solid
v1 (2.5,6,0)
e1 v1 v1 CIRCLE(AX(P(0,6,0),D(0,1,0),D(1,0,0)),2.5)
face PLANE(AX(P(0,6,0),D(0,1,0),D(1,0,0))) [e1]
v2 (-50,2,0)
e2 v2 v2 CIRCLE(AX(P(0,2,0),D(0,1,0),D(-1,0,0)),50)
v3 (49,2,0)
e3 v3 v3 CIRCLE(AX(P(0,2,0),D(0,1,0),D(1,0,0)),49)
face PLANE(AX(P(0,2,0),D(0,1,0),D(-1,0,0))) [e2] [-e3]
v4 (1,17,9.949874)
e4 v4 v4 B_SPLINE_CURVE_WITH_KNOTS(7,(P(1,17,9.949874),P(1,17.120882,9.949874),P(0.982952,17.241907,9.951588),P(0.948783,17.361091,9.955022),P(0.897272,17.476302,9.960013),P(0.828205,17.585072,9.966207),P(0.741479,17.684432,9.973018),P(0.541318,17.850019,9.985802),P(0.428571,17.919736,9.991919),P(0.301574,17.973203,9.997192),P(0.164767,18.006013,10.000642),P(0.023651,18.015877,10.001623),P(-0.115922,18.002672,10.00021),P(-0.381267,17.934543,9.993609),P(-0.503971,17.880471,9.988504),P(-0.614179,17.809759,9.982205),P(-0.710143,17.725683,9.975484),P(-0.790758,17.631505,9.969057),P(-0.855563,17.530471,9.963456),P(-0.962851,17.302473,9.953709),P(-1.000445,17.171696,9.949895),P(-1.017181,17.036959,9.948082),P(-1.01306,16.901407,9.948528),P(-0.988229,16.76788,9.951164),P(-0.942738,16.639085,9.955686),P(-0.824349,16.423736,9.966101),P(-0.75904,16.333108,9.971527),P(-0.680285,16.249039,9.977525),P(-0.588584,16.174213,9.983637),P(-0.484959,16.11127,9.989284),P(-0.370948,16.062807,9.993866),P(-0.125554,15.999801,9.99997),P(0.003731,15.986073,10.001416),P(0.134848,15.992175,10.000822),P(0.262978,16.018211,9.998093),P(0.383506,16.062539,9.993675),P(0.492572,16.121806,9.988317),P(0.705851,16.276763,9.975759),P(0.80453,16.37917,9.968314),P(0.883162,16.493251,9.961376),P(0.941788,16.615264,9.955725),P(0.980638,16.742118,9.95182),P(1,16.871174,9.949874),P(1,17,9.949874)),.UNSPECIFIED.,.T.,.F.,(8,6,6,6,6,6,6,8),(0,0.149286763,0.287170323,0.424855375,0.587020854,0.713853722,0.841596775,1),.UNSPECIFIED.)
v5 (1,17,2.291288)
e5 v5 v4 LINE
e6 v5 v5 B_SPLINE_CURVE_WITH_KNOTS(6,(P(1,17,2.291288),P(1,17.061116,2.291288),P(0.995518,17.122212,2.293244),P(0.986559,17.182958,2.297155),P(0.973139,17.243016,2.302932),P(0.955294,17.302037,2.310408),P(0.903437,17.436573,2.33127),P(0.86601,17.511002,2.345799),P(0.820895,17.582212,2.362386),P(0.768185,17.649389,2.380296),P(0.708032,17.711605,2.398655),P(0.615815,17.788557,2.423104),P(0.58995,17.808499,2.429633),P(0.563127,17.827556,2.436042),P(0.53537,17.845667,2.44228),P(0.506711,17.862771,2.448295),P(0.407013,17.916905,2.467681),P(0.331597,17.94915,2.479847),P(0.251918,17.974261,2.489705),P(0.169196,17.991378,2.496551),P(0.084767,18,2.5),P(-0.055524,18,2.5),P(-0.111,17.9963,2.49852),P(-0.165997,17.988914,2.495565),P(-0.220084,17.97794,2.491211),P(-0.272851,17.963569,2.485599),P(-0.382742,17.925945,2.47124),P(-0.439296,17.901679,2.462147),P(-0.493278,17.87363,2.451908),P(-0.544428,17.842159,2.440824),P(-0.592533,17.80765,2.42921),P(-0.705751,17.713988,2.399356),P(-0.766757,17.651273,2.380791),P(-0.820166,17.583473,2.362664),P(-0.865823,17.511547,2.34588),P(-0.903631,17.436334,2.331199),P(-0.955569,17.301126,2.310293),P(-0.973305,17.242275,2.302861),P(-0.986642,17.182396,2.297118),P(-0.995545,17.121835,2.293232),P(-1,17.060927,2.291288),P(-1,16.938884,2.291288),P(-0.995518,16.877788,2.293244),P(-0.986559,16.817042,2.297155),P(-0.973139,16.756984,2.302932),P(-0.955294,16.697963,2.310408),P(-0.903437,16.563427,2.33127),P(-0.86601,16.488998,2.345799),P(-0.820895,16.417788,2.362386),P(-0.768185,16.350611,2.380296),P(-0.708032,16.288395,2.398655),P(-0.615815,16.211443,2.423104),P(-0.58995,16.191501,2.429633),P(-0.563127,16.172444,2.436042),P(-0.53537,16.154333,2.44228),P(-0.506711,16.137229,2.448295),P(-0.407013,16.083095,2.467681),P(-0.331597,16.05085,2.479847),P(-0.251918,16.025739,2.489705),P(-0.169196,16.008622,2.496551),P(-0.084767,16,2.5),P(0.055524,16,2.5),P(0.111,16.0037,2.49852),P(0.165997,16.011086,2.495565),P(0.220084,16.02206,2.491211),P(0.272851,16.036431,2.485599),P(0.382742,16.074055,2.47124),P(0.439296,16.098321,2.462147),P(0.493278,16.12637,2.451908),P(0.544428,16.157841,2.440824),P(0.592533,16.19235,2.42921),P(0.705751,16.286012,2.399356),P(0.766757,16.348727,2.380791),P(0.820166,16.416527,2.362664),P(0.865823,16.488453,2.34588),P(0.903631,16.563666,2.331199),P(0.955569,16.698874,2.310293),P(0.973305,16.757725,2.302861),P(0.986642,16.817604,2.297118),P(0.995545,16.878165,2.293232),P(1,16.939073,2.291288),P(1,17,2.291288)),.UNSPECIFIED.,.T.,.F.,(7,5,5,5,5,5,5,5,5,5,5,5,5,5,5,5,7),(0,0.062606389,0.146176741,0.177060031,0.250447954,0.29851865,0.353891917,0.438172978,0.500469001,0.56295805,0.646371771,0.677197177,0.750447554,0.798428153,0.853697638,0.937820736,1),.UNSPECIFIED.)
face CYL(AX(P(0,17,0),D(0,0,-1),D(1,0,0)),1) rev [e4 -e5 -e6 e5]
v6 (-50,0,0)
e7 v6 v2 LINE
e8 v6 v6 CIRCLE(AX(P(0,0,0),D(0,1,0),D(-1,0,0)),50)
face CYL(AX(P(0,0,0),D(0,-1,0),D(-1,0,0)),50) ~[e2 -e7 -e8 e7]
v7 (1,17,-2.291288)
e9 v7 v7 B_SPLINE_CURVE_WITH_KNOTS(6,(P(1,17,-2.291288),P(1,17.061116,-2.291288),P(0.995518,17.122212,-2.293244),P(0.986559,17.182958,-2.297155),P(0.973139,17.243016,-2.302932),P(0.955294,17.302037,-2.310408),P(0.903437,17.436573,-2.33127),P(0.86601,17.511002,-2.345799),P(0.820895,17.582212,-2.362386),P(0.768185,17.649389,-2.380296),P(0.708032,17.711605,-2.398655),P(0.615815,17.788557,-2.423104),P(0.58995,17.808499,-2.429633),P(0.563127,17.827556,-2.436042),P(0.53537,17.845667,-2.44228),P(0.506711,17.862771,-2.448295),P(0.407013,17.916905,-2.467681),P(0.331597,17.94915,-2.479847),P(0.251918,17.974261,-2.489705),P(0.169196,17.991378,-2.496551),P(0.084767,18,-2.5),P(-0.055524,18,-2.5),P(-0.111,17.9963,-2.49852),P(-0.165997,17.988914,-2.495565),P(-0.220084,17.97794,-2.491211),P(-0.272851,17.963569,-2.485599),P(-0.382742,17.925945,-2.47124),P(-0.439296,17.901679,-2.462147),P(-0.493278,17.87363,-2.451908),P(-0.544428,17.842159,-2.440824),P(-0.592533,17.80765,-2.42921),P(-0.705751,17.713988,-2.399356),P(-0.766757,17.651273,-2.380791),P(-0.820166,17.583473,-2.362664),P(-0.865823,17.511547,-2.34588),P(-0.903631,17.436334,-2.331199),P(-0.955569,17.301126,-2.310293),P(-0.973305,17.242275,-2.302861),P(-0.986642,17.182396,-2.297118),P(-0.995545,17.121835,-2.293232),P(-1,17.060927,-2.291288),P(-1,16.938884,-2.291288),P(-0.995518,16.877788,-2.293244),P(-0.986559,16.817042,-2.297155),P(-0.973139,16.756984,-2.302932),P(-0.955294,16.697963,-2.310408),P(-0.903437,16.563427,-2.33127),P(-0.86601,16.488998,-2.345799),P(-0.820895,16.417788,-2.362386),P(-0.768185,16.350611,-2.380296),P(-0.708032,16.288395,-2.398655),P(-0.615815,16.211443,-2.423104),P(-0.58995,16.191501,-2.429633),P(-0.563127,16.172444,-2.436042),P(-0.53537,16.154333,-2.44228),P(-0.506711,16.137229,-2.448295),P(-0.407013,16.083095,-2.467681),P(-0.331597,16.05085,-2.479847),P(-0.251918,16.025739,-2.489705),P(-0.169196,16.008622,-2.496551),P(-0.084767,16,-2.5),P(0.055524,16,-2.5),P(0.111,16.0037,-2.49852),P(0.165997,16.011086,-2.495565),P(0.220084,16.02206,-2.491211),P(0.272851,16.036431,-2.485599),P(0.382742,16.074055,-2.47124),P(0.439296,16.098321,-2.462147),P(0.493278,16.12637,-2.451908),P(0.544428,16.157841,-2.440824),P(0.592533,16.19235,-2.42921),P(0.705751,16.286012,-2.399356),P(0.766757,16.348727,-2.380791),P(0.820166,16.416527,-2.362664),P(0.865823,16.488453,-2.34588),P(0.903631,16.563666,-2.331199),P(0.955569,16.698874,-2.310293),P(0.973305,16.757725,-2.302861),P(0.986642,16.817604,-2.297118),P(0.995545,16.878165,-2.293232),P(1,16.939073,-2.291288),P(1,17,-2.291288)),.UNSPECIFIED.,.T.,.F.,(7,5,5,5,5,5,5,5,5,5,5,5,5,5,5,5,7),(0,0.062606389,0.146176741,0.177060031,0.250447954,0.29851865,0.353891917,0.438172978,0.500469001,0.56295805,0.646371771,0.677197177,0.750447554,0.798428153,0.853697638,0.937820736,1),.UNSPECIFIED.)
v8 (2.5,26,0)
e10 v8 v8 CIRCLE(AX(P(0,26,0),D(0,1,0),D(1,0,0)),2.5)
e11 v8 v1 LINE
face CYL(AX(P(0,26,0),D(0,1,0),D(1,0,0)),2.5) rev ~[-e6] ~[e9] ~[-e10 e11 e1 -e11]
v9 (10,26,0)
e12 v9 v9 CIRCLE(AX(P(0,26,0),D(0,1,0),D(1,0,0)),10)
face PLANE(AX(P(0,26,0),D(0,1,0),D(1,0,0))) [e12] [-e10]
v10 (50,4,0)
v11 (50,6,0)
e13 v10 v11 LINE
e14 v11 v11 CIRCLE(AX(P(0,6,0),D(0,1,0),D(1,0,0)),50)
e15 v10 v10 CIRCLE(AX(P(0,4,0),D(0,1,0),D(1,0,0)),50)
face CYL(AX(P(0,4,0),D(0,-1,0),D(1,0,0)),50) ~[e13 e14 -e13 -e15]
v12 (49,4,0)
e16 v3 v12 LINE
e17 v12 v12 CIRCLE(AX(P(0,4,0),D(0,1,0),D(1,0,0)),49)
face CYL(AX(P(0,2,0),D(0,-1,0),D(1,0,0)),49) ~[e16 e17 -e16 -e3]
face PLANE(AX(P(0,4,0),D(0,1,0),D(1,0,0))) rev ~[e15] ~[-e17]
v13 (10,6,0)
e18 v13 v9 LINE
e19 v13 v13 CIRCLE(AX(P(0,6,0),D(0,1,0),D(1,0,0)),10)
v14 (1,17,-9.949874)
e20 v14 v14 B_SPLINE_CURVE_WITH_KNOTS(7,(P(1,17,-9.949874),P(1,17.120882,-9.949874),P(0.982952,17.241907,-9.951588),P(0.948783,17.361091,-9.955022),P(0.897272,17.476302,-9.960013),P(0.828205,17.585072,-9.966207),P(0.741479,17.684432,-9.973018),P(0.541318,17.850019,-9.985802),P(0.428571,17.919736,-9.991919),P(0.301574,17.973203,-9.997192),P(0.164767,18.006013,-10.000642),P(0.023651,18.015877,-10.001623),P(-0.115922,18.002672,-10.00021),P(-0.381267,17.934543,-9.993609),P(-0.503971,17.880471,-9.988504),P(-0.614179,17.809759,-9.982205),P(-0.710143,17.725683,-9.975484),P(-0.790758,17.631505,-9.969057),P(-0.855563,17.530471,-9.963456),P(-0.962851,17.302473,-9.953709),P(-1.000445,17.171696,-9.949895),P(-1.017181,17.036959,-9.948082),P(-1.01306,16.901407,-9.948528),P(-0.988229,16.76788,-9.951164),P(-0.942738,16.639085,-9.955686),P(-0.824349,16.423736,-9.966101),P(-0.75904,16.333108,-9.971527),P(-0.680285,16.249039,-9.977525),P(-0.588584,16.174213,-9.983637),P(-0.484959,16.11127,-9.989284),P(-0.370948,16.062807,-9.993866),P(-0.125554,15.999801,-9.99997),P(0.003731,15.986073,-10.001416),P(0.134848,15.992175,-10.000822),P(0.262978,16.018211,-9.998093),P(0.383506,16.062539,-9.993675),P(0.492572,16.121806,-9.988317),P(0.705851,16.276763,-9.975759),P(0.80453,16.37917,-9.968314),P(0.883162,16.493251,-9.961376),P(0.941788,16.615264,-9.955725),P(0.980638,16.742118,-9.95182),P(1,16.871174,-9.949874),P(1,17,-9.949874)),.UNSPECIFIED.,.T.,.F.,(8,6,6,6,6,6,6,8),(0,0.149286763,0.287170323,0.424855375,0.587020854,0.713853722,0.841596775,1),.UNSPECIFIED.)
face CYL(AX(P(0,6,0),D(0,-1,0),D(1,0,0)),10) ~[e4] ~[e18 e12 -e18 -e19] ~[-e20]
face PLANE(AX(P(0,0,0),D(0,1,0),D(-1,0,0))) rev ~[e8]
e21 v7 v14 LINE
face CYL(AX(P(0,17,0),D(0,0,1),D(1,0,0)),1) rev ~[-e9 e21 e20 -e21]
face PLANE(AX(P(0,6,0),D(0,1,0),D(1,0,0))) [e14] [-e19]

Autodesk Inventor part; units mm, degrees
ref_plane "YZ Plane" through (0, 0, 0) normal (1, 0, 0) x (0, 1, 0)
ref_plane "XZ Plane" through (0, 0, 0) normal (0, 1, 0) x (-1, 0, 0)
ref_plane "XY Plane" through (0, 0, 0) normal (0, 0, 1) x (1, 0, 0)
sketch "Sketch1" plane through (0, 0, 0) normal (0, 1, 0) x (-1, 0, 0)
  circle A0 centre (0, 0) radius 50
  dimension "d0" = 100
extrude "Extrusion1" add sketch "Sketch1" along normal blind 2
sketch "Sketch2" plane through (0, 2, 0) normal (0, 1, 0) x (1, 0, 0)
  circle A0 centre (0, 0) radius 49
  dimension "d3" = 98
extrude "Extrusion2" add sketch "Sketch2" along normal blind 2
sketch "Sketch3" plane through (0, 4, 0) normal (0, 1, 0) x (1, 0, 0)
  circle A0 centre (0, 0) radius 50
  dimension "d6" = 100
extrude "Extrusion3" add sketch "Sketch3" along normal blind 2
sketch "Sketch4" plane through (0, 6, 0) normal (0, 1, 0) x (1, 0, 0)
  circle A0 centre (0, 0) radius 10
  dimension "d9" = 20
extrude "Extrusion4" add sketch "Sketch4" along normal blind 20
sketch "Sketch5" plane through (0, 0, 0) normal (0, 0, 1) x (1, 0, 0)
  circle A0 centre (0, 17) radius 1
  point P0 (0, 0)
  dimension "d12" = 2
extrude "Extrusion5" cut sketch "Sketch5" along normal mid plane 25
sketch "Sketch6" plane through (0, 26, 0) normal (0, 1, 0) x (1, 0, 0)
  circle A0 centre (0, 0) radius 2.5
  dimension "d15" = 5
extrude "Extrusion6" cut sketch "Sketch6" against normal blind 20
properties part number "trail 4" material "Polypropylene"
